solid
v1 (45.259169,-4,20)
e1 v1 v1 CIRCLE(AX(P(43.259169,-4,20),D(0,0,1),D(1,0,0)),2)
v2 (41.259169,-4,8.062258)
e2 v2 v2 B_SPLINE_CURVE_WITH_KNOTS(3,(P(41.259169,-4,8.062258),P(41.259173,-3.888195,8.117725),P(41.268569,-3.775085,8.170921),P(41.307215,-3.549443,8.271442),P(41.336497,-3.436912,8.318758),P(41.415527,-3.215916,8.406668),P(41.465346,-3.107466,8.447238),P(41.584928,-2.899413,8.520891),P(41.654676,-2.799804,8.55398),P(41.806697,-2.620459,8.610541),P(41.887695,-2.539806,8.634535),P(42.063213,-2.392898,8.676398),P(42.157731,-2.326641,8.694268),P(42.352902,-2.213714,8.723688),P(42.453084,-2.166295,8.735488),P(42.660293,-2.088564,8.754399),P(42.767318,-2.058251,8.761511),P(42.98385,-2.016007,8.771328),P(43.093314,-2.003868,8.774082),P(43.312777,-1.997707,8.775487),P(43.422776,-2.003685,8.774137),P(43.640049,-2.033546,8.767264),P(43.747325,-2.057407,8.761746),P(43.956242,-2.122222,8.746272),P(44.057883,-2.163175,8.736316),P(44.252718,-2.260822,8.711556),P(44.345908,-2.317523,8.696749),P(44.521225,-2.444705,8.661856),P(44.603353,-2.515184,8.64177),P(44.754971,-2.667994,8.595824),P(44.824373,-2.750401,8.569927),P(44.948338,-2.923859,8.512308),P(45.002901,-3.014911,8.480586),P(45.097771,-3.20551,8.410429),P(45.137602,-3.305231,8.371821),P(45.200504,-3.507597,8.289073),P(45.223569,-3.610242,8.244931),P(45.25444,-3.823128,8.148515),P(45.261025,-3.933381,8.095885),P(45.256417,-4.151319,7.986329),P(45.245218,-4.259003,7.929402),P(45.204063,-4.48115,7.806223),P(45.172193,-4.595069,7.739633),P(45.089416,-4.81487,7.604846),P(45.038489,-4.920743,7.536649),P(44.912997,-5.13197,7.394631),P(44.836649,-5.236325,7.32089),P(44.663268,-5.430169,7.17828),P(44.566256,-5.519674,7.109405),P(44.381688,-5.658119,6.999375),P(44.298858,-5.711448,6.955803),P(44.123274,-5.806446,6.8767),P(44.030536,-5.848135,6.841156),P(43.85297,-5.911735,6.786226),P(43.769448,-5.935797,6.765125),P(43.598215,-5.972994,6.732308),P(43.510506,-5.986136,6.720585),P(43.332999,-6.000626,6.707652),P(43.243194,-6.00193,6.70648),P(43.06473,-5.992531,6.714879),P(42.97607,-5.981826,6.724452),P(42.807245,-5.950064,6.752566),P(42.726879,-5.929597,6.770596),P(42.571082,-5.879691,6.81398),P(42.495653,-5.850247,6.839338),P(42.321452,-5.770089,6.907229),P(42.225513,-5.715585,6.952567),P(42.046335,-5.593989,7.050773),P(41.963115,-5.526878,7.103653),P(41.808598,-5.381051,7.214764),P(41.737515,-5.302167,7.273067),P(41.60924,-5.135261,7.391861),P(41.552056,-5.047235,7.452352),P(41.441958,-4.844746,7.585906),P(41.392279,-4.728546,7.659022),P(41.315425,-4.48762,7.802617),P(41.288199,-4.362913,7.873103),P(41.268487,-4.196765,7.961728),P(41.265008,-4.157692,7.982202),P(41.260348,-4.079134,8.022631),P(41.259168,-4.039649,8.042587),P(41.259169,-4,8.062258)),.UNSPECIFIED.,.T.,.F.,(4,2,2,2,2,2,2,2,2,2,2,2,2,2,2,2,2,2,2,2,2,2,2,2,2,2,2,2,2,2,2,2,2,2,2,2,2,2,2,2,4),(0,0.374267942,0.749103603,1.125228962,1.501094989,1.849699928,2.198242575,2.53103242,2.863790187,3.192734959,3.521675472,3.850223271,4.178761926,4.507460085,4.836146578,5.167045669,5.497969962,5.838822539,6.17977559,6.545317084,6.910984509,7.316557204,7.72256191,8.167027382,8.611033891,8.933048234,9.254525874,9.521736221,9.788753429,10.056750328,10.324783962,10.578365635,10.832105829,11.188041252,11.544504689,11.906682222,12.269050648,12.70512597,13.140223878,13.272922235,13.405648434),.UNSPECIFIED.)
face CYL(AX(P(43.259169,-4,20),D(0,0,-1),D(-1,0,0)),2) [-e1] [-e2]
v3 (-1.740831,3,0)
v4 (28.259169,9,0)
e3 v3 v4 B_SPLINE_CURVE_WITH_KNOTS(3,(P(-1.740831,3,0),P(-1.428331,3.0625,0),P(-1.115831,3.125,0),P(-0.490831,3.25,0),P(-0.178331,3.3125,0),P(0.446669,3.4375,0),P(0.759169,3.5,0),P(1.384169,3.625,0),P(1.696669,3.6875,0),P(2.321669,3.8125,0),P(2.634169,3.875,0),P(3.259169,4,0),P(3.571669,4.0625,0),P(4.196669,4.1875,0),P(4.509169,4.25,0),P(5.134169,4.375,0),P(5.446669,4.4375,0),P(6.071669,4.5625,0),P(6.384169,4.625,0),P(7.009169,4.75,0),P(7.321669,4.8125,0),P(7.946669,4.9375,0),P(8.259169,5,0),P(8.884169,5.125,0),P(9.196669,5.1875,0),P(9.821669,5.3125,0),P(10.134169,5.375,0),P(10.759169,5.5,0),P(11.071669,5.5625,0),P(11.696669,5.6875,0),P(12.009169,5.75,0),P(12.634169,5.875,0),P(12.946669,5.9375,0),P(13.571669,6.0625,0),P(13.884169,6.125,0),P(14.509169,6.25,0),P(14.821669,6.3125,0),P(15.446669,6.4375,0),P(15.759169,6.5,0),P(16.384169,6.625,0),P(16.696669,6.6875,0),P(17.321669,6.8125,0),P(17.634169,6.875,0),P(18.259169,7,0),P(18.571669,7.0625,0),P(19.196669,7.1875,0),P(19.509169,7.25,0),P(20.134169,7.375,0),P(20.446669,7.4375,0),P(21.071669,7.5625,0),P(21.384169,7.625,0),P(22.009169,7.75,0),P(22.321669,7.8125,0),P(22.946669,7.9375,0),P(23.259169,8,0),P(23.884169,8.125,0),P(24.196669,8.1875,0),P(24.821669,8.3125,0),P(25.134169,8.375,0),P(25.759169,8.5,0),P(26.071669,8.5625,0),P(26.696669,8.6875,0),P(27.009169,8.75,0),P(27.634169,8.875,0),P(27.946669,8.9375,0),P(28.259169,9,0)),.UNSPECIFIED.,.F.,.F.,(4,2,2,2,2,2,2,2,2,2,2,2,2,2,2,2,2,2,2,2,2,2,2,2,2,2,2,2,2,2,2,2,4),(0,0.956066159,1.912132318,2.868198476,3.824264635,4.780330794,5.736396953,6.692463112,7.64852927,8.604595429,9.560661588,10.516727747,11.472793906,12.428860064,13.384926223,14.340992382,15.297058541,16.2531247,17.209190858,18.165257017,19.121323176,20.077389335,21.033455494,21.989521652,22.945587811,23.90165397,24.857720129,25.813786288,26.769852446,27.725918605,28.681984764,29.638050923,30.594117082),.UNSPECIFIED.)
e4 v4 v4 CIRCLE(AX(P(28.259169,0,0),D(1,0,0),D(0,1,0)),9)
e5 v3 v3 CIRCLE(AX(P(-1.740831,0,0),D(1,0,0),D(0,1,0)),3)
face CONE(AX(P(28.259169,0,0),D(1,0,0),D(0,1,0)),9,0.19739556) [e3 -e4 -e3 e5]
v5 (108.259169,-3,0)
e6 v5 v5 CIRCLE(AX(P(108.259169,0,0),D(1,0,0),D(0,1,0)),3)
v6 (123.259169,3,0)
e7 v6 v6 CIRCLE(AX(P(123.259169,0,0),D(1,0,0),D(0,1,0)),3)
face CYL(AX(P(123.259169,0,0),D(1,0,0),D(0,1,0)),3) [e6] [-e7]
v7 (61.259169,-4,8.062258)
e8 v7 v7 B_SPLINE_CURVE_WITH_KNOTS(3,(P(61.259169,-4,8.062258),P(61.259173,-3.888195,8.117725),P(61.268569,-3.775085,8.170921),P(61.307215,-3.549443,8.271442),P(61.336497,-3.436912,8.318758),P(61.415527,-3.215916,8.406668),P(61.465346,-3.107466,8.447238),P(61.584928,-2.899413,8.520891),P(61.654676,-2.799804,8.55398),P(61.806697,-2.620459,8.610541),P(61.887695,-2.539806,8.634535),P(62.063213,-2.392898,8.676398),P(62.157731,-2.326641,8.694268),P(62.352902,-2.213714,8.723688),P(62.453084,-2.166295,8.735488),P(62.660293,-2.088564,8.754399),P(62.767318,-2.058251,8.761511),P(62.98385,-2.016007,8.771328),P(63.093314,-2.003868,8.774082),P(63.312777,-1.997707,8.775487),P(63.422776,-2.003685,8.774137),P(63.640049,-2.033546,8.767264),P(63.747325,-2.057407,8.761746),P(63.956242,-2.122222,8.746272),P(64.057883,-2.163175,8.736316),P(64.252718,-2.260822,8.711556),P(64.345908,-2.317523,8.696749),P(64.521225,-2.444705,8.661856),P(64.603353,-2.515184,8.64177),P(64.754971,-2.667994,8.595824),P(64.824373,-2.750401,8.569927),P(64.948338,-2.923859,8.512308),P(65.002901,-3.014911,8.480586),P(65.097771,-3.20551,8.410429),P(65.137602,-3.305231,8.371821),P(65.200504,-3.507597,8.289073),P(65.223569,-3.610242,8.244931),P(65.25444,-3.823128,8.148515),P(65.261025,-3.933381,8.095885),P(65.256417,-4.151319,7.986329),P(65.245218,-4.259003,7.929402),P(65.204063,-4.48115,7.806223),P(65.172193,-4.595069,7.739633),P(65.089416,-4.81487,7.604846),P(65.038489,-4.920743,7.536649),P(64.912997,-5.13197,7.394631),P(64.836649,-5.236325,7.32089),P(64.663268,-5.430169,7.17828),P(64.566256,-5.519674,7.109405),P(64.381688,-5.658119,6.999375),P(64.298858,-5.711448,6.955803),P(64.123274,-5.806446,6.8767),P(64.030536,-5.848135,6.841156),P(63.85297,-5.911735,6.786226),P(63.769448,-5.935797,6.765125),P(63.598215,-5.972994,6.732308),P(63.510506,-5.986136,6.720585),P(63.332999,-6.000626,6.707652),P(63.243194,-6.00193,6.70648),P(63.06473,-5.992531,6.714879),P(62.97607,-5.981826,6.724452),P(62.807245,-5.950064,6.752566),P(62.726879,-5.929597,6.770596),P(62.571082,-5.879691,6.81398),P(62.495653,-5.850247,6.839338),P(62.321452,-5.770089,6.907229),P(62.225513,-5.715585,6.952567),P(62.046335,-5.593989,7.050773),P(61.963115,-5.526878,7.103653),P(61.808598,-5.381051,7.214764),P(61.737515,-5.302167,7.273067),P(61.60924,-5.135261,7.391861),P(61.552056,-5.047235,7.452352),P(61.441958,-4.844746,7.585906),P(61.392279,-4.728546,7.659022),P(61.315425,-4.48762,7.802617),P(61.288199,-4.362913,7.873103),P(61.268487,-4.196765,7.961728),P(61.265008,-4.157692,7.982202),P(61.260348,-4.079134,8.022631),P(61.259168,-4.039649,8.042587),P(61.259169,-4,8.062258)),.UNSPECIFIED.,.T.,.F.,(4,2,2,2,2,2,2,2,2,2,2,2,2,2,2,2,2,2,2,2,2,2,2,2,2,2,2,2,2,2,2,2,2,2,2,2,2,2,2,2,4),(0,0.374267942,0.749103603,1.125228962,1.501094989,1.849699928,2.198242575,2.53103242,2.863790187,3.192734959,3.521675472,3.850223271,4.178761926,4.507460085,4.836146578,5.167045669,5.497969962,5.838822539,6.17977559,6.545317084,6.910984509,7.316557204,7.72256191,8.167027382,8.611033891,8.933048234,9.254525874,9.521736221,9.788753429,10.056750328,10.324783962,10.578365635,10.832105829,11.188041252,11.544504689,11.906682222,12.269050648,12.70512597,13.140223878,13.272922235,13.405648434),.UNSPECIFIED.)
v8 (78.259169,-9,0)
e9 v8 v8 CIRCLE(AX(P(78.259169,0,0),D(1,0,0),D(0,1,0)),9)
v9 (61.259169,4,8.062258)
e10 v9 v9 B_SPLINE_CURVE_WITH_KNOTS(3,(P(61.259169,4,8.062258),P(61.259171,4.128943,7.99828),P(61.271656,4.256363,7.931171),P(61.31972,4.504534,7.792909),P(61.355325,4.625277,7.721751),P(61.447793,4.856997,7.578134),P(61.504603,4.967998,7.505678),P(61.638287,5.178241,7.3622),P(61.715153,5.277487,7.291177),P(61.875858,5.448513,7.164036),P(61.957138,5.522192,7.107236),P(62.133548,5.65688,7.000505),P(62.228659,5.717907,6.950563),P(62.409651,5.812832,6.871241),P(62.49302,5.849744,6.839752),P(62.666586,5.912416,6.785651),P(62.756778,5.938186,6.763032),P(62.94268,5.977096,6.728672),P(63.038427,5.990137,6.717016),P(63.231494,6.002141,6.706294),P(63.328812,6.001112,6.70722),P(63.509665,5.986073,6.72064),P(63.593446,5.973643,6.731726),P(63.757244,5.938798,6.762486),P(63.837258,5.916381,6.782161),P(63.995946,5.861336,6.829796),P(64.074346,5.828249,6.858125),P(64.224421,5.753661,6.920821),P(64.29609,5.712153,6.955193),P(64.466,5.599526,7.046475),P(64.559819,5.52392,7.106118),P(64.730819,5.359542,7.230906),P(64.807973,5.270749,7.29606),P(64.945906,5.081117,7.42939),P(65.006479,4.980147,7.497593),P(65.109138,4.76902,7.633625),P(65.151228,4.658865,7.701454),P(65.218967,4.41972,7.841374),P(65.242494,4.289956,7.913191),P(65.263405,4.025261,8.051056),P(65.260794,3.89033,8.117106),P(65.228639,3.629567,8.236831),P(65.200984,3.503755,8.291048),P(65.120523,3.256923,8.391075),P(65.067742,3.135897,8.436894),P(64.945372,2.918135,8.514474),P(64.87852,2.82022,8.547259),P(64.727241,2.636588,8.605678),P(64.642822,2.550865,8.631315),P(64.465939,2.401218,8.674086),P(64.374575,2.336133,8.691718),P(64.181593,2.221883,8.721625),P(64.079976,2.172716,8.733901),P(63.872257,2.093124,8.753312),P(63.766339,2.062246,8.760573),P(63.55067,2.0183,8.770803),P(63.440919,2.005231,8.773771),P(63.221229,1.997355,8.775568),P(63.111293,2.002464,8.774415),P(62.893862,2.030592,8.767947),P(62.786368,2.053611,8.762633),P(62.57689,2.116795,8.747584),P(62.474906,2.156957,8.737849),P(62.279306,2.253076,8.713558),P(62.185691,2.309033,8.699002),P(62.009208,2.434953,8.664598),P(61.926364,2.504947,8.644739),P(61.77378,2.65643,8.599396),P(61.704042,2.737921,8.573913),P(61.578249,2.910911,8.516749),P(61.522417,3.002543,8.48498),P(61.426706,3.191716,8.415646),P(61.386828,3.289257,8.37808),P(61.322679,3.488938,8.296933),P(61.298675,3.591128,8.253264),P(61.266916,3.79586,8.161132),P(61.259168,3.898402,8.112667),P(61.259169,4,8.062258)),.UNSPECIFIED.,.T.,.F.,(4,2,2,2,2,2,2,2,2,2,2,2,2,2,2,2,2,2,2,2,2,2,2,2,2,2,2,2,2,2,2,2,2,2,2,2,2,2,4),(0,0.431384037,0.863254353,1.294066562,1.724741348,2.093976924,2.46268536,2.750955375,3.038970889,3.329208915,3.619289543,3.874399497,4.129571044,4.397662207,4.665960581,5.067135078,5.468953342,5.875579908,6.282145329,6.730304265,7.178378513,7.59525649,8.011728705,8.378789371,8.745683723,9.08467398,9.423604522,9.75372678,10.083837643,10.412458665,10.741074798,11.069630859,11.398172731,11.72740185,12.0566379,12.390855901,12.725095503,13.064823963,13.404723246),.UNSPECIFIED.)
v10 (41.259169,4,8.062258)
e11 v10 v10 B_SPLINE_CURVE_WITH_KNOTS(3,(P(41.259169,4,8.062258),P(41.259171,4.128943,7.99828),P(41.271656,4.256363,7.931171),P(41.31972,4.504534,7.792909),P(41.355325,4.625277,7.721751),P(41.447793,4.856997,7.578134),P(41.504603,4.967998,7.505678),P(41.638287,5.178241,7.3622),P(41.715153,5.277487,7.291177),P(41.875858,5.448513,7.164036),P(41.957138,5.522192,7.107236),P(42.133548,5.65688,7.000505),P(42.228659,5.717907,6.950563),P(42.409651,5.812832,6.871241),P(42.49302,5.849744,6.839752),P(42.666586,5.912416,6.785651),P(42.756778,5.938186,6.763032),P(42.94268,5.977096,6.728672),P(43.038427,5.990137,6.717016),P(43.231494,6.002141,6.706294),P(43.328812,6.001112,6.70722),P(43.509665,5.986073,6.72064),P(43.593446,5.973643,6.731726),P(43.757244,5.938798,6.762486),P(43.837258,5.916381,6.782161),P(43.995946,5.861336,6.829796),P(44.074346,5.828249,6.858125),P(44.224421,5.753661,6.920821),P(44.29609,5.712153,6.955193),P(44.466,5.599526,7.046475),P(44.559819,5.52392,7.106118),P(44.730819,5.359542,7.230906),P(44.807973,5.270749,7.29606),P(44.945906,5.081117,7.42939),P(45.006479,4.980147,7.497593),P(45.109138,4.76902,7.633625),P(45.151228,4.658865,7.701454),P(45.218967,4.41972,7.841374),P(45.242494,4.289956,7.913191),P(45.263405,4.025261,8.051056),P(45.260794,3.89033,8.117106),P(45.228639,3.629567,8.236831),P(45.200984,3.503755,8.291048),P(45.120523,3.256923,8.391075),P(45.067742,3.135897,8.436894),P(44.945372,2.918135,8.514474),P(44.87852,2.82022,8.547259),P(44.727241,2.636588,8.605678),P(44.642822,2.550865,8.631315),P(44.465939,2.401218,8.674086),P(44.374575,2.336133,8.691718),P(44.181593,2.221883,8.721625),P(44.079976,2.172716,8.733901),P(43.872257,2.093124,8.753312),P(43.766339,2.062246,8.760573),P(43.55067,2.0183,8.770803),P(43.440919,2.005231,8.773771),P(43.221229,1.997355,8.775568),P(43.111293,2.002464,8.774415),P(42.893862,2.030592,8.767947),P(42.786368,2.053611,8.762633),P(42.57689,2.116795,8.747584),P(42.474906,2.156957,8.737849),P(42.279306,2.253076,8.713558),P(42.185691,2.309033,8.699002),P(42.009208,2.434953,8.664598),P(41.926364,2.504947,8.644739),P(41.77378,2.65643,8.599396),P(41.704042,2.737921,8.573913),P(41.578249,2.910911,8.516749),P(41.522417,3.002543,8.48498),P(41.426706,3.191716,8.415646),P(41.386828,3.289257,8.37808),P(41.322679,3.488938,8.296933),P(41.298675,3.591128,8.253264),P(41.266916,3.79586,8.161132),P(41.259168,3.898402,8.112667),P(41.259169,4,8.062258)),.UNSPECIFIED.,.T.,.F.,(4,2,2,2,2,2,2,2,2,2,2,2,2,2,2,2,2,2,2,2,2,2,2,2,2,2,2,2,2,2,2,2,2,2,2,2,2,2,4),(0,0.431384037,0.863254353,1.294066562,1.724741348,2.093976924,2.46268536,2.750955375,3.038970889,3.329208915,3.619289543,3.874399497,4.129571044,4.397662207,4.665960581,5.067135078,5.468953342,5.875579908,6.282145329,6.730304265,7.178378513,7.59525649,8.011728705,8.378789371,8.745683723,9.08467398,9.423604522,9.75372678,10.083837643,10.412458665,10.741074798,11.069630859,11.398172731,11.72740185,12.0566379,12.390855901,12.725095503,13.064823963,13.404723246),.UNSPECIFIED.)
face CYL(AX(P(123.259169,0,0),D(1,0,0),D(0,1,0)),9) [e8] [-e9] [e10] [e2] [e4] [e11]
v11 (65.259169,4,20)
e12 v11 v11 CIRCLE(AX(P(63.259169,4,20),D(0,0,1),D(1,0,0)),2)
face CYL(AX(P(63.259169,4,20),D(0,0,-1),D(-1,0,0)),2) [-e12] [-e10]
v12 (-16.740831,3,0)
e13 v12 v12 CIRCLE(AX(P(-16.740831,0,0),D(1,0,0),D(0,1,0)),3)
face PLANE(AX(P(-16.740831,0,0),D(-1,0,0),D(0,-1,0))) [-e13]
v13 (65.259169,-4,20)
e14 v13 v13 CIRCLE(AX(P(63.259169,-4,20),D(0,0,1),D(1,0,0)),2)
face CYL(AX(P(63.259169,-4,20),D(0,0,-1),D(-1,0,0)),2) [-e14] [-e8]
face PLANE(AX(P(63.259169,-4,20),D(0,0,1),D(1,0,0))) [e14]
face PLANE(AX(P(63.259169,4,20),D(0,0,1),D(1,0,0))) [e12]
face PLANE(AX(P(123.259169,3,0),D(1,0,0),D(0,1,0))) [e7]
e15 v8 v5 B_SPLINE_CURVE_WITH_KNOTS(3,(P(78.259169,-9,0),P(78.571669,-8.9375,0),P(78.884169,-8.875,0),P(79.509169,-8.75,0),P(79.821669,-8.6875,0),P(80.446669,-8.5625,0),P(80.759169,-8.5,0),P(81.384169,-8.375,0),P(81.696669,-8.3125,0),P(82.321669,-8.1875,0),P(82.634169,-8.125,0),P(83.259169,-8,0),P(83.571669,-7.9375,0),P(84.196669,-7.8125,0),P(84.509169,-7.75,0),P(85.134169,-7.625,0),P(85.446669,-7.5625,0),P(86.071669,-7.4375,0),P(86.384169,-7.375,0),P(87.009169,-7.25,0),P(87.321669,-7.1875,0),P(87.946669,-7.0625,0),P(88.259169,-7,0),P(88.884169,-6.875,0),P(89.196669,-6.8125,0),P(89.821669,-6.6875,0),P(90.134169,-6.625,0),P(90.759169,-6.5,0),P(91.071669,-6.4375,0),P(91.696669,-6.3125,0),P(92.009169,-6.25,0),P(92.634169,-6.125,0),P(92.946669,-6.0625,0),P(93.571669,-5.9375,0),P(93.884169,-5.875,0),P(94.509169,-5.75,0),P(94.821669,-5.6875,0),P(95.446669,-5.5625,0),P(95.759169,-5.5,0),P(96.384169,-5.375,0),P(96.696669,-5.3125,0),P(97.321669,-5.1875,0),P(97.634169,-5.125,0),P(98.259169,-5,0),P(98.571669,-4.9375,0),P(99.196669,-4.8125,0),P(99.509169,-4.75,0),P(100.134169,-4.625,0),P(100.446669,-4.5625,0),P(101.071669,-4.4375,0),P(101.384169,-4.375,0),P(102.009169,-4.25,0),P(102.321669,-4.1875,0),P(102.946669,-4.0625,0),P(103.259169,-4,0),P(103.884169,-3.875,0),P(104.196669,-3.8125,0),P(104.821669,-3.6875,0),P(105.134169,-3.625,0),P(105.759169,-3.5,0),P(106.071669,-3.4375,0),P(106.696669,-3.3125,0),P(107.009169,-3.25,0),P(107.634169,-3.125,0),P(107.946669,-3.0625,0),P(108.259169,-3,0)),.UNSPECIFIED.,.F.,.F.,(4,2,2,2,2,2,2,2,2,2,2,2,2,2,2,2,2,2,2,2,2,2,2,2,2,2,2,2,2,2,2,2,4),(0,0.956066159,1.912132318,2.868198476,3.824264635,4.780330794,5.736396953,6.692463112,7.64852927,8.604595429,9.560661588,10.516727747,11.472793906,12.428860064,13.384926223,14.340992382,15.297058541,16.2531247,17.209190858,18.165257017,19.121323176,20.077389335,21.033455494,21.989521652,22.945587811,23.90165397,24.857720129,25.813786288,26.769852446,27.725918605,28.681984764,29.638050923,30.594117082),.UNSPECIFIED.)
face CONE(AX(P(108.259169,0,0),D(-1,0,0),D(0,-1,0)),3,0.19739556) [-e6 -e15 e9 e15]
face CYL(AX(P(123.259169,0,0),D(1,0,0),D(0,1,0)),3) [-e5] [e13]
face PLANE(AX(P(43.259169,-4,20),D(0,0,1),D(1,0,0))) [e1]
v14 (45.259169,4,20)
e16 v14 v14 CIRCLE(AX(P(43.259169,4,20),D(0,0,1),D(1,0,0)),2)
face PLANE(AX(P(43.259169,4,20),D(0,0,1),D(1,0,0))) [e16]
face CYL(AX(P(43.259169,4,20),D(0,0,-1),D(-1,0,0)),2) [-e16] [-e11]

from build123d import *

# Parameters (mm, degrees)
SKETCH2_R           = 2
BOSS_EXTRUDE1_DEPTH = 20


with BuildPart() as part:
    # Sketch1 → Revolve1 (revolve)
    with BuildSketch(Plane.XY):
        Polygon((-16.740830618, 3), (-1.740830618, 3), (28.259169382, 9), (78.259169382, 9), (108.259169382, 3), (123.259169382, 3), (123.259169382, 0), (-16.740830618, 0), align=None)
    revolve(axis=Axis((123.259169382, 0, 0), (-1, 0, 0)))

    # Sketch2 → Boss-Extrude1 (add)
    with BuildSketch(Plane.XY):
        with Locations(Location((43.259169382, 4, 0), (0, 0, 180))):
            Circle(SKETCH2_R)
        with Locations(Location((43.259169382, -4, 0), (0, 0, 180))):
            Circle(SKETCH2_R)
        with Locations(Location((63.259169382, 4, 0), (0, 0, 180))):
            Circle(SKETCH2_R)
        with Locations(Location((63.259169382, -4, 0), (0, 0, 180))):
            Circle(SKETCH2_R)
    extrude(amount=BOSS_EXTRUDE1_DEPTH)


solid = part.part
